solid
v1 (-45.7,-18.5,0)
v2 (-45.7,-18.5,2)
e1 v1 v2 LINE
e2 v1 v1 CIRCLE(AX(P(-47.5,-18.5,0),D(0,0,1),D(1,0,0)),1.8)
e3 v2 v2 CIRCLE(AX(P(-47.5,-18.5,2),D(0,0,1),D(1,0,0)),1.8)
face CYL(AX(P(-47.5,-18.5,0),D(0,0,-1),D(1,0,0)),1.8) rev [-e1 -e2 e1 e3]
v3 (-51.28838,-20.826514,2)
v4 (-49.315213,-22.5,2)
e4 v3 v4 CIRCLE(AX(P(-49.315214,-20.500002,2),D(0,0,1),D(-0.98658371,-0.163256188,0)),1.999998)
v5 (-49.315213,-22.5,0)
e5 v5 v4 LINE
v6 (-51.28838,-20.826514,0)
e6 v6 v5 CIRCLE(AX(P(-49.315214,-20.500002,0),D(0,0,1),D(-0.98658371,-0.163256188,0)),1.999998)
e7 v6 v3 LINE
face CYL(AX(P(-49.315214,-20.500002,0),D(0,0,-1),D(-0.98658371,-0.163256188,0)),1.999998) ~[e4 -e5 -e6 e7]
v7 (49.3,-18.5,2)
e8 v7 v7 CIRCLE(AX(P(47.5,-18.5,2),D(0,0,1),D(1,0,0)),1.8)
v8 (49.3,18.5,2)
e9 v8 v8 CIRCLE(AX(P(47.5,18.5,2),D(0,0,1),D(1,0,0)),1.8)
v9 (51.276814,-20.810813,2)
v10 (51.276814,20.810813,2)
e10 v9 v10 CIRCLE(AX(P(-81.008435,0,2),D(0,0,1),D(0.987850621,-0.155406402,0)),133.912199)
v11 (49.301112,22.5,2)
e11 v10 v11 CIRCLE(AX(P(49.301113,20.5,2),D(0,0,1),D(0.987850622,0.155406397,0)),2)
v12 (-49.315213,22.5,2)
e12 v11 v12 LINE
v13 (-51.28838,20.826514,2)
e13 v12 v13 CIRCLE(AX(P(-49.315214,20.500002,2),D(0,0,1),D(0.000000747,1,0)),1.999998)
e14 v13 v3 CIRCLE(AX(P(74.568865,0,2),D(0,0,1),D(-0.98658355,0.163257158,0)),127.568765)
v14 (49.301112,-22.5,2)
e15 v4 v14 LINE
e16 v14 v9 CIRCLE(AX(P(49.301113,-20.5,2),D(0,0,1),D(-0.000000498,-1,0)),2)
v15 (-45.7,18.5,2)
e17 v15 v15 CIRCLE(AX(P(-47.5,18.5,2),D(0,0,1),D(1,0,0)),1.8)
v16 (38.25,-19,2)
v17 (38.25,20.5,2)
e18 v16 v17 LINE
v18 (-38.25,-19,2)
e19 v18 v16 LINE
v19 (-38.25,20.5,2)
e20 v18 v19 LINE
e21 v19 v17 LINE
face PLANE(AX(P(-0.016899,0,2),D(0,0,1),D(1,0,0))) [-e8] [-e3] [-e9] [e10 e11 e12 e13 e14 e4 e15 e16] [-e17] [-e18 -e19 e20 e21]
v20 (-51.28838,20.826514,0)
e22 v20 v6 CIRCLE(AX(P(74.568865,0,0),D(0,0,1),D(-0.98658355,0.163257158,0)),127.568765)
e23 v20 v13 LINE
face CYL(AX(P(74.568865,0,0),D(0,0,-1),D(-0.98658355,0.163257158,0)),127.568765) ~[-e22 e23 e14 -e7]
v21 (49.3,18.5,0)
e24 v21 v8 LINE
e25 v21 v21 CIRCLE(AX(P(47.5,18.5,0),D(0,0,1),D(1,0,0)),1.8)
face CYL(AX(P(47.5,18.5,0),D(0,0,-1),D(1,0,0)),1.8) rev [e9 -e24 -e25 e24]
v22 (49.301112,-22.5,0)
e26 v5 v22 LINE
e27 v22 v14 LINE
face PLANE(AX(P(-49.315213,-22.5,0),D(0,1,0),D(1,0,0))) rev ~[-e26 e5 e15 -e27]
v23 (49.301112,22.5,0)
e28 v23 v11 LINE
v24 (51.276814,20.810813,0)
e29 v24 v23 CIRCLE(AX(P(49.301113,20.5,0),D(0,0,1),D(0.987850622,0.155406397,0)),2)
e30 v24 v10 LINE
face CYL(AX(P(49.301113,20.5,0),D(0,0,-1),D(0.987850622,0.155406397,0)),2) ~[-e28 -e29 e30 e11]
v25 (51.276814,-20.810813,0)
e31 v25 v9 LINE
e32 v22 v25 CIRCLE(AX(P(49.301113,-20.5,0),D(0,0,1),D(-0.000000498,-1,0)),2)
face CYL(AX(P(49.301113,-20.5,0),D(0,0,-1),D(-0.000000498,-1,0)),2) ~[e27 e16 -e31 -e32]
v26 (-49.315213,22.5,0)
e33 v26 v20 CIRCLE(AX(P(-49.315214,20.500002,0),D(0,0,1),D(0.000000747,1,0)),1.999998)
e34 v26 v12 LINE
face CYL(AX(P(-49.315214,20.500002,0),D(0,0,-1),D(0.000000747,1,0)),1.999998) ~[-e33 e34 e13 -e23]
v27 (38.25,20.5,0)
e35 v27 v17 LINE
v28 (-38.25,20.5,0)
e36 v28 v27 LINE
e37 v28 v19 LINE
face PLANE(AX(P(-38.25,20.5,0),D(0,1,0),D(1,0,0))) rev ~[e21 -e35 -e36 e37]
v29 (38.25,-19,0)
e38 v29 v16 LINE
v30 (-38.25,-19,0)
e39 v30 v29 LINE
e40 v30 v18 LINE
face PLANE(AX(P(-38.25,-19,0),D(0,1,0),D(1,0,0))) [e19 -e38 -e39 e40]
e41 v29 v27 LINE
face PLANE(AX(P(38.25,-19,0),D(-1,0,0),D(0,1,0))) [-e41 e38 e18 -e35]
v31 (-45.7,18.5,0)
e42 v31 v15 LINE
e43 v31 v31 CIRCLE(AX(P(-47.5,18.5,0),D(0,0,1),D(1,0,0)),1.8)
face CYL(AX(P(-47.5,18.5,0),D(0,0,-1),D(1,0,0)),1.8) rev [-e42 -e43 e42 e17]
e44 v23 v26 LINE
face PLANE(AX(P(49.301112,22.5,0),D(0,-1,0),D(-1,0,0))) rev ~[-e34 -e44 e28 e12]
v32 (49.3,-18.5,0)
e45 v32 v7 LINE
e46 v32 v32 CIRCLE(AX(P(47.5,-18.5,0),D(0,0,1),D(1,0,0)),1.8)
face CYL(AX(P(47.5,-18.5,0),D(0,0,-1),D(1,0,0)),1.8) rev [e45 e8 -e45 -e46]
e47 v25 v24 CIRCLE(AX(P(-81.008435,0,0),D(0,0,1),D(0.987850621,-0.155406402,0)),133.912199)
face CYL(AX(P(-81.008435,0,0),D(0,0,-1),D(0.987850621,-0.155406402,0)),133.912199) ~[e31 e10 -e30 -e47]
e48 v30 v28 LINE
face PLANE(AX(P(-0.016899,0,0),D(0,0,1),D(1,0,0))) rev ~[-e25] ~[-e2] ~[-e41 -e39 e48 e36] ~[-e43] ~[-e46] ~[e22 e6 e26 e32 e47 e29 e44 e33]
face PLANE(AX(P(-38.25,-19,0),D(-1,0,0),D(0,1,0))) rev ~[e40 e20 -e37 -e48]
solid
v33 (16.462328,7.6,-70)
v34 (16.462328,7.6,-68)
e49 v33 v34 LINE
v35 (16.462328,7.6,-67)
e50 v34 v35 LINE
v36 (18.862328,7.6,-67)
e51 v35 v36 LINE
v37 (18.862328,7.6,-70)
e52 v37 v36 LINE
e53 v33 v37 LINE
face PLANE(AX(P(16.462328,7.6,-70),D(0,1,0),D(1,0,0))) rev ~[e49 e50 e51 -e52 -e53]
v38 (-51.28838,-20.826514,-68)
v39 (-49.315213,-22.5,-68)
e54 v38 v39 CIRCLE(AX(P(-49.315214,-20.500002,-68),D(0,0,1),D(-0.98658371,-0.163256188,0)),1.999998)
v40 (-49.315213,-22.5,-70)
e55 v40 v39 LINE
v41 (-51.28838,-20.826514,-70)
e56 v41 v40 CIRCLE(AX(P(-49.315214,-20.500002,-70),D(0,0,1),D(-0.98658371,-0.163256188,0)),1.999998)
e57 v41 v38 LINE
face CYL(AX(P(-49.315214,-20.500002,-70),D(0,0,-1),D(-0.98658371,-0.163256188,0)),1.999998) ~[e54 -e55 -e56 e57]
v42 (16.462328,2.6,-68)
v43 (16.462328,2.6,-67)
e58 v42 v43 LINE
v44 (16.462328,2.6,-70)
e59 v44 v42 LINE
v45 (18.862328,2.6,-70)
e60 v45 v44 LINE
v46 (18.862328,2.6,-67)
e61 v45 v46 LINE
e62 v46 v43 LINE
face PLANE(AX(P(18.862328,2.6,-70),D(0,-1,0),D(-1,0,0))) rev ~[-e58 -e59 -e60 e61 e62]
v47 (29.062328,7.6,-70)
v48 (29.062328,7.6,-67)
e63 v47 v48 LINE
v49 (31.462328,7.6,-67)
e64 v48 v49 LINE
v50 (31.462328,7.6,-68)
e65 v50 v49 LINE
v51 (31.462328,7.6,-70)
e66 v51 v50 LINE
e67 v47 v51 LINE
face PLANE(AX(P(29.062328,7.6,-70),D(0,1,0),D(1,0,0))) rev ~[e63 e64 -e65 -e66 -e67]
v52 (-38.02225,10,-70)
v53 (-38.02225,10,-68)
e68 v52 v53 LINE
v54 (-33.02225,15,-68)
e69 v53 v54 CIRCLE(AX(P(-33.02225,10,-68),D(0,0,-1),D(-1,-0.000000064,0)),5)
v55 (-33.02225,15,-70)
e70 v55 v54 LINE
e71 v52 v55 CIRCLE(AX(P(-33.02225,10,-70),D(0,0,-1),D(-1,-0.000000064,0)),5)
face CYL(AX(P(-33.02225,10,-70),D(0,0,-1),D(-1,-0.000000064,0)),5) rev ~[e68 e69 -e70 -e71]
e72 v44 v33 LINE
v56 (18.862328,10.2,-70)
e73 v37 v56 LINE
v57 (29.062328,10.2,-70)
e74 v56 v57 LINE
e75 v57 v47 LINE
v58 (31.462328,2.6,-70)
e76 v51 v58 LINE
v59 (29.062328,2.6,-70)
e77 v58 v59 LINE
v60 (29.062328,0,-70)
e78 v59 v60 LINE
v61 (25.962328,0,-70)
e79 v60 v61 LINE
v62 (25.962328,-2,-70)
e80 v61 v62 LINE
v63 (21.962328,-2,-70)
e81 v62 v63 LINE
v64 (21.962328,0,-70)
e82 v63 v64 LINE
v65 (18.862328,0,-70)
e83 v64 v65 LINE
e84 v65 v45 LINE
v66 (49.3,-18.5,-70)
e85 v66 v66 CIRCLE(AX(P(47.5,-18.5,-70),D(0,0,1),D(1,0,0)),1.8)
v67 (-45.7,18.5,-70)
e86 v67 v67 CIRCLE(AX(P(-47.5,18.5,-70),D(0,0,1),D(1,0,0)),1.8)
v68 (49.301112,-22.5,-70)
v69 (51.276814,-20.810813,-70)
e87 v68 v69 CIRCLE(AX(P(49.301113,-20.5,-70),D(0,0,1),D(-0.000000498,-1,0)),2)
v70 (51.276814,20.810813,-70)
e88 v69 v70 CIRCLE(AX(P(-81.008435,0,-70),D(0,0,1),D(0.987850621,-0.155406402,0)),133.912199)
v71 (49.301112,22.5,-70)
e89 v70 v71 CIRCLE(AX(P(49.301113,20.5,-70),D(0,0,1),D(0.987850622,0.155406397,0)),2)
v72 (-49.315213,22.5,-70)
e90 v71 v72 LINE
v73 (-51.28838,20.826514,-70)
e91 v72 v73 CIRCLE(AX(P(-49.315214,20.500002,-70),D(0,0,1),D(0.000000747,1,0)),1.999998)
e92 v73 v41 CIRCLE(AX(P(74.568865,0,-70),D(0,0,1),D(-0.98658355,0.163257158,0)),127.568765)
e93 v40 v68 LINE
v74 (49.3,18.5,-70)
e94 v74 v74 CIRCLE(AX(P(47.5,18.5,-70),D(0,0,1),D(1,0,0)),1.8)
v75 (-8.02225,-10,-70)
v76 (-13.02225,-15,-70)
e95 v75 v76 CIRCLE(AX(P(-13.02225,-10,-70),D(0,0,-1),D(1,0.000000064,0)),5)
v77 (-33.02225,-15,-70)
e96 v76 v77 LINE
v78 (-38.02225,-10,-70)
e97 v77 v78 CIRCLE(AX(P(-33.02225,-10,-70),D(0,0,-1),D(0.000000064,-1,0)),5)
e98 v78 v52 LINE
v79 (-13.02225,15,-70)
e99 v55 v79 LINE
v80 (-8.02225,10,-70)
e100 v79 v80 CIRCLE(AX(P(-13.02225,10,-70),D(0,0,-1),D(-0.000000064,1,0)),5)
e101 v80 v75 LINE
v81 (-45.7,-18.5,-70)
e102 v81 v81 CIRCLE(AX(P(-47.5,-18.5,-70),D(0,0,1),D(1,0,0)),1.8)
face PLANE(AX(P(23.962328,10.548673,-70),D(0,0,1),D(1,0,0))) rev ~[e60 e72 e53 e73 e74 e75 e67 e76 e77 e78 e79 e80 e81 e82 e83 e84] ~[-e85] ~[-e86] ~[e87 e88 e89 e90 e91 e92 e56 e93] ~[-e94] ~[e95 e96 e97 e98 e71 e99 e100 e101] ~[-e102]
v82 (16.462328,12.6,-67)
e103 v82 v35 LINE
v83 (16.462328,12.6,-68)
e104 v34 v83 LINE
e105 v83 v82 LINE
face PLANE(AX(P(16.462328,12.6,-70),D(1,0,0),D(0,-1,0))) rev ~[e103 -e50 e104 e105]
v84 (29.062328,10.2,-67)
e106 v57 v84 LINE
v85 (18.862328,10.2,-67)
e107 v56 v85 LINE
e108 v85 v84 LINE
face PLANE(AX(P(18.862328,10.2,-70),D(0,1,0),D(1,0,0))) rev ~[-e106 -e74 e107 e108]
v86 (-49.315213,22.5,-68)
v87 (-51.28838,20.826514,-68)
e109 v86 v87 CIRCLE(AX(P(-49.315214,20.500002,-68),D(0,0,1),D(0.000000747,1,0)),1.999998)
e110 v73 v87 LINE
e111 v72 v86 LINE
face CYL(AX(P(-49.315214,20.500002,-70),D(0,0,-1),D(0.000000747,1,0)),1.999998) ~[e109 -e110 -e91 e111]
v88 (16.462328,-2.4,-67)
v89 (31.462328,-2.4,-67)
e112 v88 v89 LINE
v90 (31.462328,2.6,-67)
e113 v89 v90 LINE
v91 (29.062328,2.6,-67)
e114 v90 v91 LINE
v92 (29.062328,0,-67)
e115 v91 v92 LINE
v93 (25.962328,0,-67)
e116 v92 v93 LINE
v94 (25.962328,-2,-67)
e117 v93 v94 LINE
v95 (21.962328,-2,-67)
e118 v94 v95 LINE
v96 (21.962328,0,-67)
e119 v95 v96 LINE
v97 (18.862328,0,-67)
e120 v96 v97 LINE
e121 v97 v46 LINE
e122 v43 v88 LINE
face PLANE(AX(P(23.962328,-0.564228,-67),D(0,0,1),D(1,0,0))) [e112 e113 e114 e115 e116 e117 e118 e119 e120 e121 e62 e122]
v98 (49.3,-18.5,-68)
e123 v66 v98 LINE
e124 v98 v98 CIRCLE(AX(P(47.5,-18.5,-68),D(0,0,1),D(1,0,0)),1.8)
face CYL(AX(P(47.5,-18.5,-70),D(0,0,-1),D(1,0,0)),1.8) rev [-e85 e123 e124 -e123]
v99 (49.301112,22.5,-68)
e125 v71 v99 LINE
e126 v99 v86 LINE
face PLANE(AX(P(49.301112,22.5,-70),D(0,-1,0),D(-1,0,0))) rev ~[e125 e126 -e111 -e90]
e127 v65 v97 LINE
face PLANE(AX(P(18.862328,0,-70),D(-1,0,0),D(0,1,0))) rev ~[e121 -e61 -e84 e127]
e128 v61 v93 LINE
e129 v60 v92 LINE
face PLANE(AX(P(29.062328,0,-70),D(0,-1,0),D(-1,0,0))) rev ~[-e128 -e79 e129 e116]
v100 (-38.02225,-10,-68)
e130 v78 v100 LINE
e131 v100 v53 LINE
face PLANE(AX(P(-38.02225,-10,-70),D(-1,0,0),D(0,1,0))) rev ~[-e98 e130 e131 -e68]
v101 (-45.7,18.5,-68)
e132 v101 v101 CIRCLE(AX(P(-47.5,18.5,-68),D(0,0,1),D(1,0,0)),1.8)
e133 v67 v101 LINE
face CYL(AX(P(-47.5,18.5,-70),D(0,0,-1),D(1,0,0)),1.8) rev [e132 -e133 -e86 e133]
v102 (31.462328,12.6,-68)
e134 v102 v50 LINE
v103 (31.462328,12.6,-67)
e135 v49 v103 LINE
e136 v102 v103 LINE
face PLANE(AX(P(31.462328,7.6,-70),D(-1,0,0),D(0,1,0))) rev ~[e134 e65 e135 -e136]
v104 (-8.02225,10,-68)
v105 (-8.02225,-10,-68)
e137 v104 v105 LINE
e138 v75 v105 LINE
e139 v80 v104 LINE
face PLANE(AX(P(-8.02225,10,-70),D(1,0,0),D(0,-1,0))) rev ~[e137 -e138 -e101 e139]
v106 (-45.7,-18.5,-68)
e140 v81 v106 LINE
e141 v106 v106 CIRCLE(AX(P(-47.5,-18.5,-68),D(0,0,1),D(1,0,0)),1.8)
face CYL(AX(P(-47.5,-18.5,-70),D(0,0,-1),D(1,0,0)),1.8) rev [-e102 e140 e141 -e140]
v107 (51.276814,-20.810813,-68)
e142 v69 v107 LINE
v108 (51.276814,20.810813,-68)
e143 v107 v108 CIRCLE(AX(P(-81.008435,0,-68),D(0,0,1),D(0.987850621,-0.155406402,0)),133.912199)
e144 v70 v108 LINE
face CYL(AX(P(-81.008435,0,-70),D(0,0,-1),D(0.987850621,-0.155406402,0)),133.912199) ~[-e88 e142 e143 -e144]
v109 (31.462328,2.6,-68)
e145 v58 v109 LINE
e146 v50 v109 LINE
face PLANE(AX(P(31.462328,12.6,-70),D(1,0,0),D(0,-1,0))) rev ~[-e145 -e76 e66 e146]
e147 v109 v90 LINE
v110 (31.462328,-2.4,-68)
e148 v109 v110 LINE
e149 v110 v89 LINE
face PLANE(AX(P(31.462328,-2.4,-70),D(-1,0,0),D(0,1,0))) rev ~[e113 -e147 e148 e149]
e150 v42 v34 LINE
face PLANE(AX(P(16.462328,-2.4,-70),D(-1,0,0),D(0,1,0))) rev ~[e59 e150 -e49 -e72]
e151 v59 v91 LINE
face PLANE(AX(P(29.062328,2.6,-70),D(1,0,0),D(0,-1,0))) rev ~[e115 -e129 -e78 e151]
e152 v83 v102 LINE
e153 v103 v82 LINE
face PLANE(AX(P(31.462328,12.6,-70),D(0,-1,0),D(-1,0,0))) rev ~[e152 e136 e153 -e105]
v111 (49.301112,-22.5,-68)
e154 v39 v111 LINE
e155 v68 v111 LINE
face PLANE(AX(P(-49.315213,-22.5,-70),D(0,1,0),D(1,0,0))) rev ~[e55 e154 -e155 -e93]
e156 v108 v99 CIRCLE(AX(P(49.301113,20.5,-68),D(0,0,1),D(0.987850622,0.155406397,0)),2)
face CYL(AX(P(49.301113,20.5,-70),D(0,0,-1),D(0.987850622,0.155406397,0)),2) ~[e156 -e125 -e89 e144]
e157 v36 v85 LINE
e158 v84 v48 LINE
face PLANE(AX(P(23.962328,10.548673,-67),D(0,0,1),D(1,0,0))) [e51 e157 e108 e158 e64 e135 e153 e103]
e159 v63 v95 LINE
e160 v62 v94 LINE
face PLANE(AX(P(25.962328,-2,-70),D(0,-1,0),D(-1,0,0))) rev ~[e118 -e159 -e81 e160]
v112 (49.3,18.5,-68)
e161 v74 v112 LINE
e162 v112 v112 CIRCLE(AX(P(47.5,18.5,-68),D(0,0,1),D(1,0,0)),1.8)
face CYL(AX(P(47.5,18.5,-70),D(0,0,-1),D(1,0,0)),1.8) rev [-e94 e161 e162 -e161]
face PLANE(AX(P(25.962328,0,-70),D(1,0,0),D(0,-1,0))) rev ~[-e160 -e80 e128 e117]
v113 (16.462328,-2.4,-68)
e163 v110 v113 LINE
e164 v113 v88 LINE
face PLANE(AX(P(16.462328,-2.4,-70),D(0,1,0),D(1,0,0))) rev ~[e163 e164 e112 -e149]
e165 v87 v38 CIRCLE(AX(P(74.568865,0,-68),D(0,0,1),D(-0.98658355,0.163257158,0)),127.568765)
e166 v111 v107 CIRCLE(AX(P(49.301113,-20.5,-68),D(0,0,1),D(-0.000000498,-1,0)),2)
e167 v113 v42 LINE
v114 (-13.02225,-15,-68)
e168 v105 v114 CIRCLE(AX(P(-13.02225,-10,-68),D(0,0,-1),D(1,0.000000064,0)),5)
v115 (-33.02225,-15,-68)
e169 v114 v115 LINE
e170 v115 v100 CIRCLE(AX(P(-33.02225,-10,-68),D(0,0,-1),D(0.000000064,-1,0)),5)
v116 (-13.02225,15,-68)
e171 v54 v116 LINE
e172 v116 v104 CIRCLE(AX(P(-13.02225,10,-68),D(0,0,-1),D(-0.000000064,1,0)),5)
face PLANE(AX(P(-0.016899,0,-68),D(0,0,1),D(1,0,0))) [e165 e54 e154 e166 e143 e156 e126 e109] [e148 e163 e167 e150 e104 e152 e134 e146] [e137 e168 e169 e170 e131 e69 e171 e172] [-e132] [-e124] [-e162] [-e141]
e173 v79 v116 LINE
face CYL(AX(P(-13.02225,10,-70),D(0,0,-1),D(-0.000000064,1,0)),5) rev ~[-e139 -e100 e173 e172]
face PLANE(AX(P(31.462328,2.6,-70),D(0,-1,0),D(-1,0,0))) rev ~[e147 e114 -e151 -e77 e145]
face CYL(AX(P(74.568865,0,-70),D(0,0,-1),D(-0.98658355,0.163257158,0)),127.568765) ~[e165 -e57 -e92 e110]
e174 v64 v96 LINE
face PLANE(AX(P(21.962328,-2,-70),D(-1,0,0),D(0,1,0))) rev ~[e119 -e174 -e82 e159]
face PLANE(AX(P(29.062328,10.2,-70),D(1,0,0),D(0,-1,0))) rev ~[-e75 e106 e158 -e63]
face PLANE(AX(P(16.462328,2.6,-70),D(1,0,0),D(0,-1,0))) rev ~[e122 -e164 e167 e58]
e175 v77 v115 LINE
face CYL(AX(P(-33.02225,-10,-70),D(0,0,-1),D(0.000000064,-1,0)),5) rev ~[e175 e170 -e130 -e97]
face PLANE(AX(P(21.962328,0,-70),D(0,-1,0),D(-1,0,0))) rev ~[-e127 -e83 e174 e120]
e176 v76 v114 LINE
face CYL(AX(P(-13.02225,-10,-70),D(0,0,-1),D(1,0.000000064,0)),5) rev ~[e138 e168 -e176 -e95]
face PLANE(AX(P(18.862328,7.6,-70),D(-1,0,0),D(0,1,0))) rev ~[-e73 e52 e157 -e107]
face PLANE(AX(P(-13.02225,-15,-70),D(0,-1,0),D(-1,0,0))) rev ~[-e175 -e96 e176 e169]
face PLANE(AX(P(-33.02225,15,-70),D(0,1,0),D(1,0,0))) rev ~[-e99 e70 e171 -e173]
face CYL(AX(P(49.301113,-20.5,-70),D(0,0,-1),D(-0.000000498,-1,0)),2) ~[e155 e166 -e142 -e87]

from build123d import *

# Parameters (mm, degrees)
F0_R     = 1.8
F0_W     = 76.5
F0_H     = 39.5
F1_DEPTH = 2
F3_R     = 1.8
F4_DEPTH = 2
F5_DEPTH = 3


with BuildPart() as f1:
    # F0 (on Top) → F1 (new body)
    with BuildSketch(Plane.XY):
        with BuildLine():
            ThreePointArc((-49.315213, 22.5), (-50.608846, 22.025292), (-51.28838, 20.826514))
            ThreePointArc((-51.28838, 20.826514), (-52.9999, 0), (-51.28838, -20.826514))
            ThreePointArc((-51.28838, -20.826514), (-50.608846, -22.025292), (-49.315213, -22.5))
            Line((-49.315213, -22.5), (49.301112, -22.5))
            ThreePointArc((49.301112, -22.5), (50.6008, -22.020136), (51.276814, -20.810813))
            ThreePointArc((51.276814, -20.810813), (52.903764, 0), (51.276814, 20.810813))
            ThreePointArc((51.276814, 20.810813), (50.6008, 22.020136), (49.301112, 22.5))
            Line((49.301112, 22.5), (-49.315213, 22.5))
        make_face()
        with Locations((-47.5, -18.5)):
            Circle(F0_R, mode=Mode.SUBTRACT)
        with Locations((47.5, -18.5)):
            Circle(F0_R, mode=Mode.SUBTRACT)
        with Locations((-47.5, 18.5)):
            Circle(F0_R, mode=Mode.SUBTRACT)
        with Locations((0, 0.75)):
            Rectangle(F0_W, F0_H, mode=Mode.SUBTRACT)
        with Locations((47.5, 18.5)):
            Circle(F0_R, mode=Mode.SUBTRACT)
    extrude(amount=F1_DEPTH)


with BuildPart() as f4:
    # F3 (on offset) → F4 (new body)
    with BuildSketch(Plane.XY.offset(-70)):
        with BuildLine():
            ThreePointArc((-49.315213, 22.5), (-50.608846, 22.025292), (-51.28838, 20.826514))
            ThreePointArc((-51.28838, 20.826514), (-52.9999, 0), (-51.28838, -20.826514))
            ThreePointArc((-51.28838, -20.826514), (-50.608846, -22.025292), (-49.315213, -22.5))
            Line((-49.315213, -22.5), (49.301112, -22.5))
            ThreePointArc((49.301112, -22.5), (50.6008, -22.020136), (51.276814, -20.810813))
            ThreePointArc((51.276814, -20.810813), (52.903764, 0), (51.276814, 20.810813))
            ThreePointArc((51.276814, 20.810813), (50.6008, 22.020136), (49.301112, 22.5))
            Line((49.301112, 22.5), (-49.315213, 22.5))
        make_face()
        with Locations((-47.5, -18.5)):
            Circle(F3_R, mode=Mode.SUBTRACT)
        with Locations((47.5, -18.5)):
            Circle(F3_R, mode=Mode.SUBTRACT)
        with BuildLine():
            Line((-13.02225, -15), (-33.02225, -15))
            ThreePointArc((-33.02225, -15), (-36.557784, -13.535534), (-38.02225, -10))
            Line((-38.02225, -10), (-38.02225, 10))
            ThreePointArc((-38.02225, 10), (-36.557784, 13.535534), (-33.02225, 15))
            Line((-33.02225, 15), (-13.02225, 15))
            ThreePointArc((-13.02225, 15), (-9.486716, 13.535534), (-8.02225, 10))
            Line((-8.02225, 10), (-8.02225, -10))
            ThreePointArc((-8.02225, -10), (-9.486716, -13.535534), (-13.02225, -15))
        make_face(mode=Mode.SUBTRACT)
        with Locations((-47.5, 18.5)):
            Circle(F3_R, mode=Mode.SUBTRACT)
        Polygon((16.462328, -2.4), (16.462328, 2.6), (16.462328, 7.6), (16.462328, 12.6), (31.462328, 12.6), (31.462328, 7.6), (31.462328, 2.6), (31.462328, -2.4), align=None, mode=Mode.SUBTRACT)
        with Locations((47.5, 18.5)):
            Circle(F3_R, mode=Mode.SUBTRACT)
    extrude(amount=F4_DEPTH)

    # F3 (on offset) → F5 (join)
    with BuildSketch(Plane.XY.offset(-70)):
        Polygon((16.462328, 7.6), (18.862328, 7.6), (18.862328, 10.2), (29.062328, 10.2), (29.062328, 7.6), (31.462328, 7.6), (31.462328, 12.6), (16.462328, 12.6), align=None)
        Polygon((21.962328, 0), (18.862328, 0), (18.862328, 2.6), (16.462328, 2.6), (16.462328, -2.4), (31.462328, -2.4), (31.462328, 2.6), (29.062328, 2.6), (29.062328, 0), (25.962328, 0), (25.962328, -2), (21.962328, -2), align=None)
    extrude(amount=F5_DEPTH)


solid = Compound([f1.part, f4.part])
